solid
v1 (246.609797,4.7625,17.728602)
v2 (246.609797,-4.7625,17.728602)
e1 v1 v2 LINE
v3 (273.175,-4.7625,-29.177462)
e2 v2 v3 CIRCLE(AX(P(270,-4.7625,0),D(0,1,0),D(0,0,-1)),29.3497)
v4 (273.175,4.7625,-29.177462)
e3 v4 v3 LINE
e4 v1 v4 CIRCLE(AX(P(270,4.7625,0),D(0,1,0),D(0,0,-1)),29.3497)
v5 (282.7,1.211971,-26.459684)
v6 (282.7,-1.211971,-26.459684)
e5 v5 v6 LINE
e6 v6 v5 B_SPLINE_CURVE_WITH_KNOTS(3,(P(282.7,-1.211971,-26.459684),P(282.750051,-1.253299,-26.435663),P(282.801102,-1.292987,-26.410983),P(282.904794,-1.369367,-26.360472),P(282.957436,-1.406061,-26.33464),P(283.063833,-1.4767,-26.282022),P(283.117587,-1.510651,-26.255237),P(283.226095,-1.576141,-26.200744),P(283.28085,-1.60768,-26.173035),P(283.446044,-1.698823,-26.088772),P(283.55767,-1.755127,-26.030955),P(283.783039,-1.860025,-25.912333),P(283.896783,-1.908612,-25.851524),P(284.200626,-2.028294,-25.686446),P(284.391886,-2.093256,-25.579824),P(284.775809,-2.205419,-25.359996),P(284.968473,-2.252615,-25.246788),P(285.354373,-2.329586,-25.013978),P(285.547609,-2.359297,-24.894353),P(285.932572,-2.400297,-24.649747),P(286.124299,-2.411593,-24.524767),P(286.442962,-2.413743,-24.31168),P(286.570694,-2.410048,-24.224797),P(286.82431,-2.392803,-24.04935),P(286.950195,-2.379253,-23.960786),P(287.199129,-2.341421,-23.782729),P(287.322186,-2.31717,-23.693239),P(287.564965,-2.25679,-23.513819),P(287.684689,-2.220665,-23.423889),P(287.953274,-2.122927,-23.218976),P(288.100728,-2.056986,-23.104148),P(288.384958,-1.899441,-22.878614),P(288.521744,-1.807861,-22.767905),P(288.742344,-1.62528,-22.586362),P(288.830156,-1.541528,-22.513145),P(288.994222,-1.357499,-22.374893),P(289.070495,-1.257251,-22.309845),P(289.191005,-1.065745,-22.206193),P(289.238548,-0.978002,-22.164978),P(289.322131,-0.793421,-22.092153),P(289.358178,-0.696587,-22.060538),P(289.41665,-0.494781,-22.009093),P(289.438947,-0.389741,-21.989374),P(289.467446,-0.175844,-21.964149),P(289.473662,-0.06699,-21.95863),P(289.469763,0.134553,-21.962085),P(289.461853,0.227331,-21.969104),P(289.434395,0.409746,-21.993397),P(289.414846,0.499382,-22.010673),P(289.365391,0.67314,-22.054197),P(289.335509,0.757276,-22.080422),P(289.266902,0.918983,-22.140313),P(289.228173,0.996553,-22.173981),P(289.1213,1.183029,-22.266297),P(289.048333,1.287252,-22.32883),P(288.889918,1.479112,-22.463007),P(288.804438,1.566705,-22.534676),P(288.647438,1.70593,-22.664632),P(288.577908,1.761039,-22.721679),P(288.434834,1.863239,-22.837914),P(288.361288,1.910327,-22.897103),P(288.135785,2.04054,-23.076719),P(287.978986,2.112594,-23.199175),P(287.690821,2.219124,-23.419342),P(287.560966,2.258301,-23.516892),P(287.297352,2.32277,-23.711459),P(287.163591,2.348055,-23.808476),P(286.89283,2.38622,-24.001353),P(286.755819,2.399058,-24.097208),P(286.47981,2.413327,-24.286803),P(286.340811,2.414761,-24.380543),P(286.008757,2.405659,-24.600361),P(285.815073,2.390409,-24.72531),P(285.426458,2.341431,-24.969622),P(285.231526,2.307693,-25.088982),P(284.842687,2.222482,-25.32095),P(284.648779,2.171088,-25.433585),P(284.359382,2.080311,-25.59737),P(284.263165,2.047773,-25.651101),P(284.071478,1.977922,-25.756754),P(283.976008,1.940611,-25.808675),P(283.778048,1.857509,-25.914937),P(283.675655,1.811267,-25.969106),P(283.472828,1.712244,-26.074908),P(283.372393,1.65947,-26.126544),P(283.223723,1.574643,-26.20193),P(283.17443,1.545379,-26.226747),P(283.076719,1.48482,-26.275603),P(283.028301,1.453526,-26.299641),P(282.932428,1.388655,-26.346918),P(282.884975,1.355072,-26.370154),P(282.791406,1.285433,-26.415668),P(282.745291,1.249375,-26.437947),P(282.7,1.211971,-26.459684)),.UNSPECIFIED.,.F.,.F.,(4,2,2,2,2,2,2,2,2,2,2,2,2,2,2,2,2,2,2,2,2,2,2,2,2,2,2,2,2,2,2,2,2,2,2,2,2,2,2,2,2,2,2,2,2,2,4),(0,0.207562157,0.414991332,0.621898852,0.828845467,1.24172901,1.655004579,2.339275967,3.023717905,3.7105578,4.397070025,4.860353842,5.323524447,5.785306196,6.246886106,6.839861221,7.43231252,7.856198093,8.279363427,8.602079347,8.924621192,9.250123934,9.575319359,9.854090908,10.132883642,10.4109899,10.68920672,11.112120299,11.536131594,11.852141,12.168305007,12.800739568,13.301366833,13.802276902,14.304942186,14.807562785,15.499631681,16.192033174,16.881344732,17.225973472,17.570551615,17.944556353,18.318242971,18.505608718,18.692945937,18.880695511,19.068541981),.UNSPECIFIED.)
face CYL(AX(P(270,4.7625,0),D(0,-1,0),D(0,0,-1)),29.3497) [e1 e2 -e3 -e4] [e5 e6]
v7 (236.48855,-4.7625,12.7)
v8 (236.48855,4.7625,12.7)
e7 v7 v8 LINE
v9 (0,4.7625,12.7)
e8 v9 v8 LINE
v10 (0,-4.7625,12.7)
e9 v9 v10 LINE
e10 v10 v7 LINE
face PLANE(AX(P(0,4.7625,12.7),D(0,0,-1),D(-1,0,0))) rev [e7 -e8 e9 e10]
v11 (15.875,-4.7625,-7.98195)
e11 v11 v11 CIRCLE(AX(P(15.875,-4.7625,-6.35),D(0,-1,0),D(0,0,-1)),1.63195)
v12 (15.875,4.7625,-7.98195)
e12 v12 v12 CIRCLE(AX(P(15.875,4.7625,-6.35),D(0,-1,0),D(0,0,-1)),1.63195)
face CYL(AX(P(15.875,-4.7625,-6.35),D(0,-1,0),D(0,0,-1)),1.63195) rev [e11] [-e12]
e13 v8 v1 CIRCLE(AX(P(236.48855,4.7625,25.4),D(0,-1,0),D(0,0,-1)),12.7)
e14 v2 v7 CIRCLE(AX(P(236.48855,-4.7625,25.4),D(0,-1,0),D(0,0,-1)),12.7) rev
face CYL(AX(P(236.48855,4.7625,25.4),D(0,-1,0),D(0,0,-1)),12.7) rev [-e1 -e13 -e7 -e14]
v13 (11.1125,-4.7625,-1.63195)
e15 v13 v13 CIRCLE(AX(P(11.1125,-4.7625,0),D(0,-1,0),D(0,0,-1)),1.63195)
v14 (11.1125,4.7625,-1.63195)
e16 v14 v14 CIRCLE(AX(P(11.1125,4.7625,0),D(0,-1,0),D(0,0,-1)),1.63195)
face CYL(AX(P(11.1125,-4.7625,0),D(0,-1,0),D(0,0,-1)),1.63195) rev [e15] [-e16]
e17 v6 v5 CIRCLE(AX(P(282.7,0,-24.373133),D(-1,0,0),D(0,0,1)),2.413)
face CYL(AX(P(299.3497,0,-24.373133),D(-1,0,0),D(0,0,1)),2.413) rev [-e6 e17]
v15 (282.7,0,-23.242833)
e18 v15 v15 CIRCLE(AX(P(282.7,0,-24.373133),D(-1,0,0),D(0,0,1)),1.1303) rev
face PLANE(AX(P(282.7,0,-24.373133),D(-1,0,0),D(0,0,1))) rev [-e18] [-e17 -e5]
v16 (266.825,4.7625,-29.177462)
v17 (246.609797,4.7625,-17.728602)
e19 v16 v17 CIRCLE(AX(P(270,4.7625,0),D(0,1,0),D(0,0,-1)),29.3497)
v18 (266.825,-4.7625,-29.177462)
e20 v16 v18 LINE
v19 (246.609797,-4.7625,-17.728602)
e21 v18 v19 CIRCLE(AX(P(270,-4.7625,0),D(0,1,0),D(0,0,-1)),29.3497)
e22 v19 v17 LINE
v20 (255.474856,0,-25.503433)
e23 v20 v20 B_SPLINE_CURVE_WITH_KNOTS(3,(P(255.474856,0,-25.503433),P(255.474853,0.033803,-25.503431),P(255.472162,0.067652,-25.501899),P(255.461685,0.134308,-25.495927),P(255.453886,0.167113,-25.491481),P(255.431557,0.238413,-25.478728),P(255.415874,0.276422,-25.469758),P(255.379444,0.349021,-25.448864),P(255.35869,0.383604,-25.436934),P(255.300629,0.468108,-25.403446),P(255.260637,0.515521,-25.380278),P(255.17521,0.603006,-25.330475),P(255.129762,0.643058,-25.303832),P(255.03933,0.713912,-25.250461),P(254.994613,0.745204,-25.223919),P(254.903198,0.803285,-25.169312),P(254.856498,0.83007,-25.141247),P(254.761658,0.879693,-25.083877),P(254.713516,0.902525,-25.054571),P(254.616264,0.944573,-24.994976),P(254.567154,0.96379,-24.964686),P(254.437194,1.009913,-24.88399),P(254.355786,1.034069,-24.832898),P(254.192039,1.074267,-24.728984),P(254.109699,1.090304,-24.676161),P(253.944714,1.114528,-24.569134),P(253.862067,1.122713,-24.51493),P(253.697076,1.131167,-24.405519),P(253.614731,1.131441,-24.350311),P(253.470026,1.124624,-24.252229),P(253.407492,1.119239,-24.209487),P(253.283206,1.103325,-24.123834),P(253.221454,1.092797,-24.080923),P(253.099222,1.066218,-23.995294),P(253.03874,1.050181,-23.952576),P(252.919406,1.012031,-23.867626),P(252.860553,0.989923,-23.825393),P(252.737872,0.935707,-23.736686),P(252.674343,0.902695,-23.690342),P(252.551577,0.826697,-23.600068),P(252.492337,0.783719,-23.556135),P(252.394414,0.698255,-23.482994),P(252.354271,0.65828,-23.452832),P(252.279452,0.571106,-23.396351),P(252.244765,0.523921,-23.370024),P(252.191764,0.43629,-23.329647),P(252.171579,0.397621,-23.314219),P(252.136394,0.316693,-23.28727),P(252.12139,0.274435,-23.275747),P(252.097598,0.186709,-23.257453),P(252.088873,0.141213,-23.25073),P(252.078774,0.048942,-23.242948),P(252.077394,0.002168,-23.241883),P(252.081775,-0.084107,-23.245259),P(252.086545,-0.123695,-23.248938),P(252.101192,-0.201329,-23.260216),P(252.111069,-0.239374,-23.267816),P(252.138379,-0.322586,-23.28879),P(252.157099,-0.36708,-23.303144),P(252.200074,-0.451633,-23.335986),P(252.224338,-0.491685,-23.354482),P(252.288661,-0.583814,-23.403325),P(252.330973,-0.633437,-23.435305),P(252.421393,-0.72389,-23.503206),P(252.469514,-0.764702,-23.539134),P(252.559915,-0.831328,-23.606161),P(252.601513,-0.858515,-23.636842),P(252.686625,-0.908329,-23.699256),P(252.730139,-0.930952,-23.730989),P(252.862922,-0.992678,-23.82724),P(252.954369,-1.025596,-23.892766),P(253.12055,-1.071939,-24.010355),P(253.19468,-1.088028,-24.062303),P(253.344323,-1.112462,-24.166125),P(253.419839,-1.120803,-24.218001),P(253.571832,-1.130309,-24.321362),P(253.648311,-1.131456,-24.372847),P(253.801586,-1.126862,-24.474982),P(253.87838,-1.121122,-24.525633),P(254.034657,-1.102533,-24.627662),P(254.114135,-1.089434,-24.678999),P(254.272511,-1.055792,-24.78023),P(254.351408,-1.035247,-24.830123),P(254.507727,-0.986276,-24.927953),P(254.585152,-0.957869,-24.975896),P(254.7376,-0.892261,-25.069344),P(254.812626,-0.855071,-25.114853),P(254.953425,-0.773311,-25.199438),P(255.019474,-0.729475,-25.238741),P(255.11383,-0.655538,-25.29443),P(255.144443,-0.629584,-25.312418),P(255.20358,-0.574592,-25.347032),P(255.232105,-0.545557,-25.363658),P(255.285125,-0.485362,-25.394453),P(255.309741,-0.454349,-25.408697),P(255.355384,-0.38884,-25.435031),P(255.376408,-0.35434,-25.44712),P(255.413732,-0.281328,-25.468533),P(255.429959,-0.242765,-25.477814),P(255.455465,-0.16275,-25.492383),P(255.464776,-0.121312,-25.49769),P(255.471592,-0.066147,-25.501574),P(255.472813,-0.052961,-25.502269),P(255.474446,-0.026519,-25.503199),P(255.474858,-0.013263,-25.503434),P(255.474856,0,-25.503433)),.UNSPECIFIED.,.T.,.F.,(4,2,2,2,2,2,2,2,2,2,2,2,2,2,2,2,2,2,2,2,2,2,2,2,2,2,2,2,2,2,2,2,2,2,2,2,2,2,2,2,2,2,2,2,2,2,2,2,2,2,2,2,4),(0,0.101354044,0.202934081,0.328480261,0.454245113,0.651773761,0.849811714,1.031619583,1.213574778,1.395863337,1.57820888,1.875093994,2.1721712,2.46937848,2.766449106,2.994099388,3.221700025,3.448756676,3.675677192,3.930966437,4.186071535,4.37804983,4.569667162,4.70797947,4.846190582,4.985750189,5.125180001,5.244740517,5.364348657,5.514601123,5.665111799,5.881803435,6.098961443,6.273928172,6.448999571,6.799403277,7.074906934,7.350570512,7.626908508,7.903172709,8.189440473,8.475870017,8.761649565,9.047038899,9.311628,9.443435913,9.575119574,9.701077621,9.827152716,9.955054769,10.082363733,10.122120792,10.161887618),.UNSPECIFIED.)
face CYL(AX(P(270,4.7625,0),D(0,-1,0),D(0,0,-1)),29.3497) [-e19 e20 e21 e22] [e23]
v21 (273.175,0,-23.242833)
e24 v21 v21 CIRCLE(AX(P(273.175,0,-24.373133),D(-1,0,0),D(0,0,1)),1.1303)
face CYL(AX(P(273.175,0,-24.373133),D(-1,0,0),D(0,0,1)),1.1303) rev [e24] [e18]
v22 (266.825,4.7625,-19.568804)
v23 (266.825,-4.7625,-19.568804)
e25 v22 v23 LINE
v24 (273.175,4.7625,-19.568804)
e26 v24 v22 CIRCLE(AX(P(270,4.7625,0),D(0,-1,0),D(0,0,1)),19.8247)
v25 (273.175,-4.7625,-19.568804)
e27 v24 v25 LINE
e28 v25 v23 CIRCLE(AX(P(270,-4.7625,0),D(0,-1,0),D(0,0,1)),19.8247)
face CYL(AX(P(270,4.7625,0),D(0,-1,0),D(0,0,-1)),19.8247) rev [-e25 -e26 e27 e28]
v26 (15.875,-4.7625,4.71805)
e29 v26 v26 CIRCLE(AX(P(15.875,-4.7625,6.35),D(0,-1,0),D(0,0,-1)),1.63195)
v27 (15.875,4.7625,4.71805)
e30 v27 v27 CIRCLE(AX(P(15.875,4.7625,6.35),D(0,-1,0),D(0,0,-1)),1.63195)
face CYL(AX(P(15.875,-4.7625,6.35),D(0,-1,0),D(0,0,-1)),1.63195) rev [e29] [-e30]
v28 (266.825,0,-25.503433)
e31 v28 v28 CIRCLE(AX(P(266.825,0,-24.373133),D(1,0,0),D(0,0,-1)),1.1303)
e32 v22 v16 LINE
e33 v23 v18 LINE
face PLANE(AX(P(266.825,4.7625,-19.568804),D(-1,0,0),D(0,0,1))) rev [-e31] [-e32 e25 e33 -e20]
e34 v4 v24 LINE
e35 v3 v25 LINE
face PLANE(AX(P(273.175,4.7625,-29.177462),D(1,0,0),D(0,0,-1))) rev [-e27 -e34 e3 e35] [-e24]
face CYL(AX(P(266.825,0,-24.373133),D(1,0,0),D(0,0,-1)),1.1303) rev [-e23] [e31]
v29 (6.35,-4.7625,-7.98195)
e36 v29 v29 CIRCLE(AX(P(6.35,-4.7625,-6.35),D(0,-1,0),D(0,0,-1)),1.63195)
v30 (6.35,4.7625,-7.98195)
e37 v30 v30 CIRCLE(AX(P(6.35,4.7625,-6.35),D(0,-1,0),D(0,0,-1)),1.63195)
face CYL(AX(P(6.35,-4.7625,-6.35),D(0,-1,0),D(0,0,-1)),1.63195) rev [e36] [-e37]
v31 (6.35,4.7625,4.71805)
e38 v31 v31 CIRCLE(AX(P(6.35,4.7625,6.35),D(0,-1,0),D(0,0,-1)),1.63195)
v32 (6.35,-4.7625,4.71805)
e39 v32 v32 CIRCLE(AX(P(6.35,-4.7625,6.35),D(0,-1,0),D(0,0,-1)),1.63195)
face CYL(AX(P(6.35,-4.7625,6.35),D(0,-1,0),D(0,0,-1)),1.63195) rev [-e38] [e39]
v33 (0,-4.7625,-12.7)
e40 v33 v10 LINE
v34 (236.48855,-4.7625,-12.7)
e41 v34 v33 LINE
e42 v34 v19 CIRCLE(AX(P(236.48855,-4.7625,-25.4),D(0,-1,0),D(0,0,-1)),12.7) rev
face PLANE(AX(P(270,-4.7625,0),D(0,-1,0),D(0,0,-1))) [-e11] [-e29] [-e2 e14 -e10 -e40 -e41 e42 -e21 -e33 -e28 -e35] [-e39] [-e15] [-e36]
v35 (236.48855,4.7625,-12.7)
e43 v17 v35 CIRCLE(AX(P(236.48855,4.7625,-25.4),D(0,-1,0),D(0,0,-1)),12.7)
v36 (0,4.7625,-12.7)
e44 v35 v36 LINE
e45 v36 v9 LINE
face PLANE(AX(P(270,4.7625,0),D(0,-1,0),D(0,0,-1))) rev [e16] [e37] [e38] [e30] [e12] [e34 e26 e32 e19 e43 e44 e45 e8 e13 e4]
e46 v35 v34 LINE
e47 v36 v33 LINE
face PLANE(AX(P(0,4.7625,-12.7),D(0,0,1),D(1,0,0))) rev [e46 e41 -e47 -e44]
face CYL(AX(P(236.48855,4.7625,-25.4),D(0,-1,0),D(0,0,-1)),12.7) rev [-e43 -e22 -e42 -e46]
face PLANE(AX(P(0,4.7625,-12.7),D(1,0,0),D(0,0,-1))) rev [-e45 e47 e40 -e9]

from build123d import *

# Parameters (mm, degrees)
BOSS_EXTRUDE1_DEPTH   = 4.7625
SKETCH8_W             = 1.1303
SKETCH8_H             = 266.825
F_4_40_TAPPED_HOLE2_D = 2.2606
FILLET2_R             = 12.7
CUT_EXTRUDE1_START    = -9.525
SKETCH11_R            = 2.413
CUT_EXTRUDE1_DEPTH    = 17.6497001
F_4_CLEARANCE_HOLE1_D = 3.2639


with BuildPart() as part:
    # Sketch2 → Boss-Extrude1 (new body, symmetric)
    with BuildSketch(Plane(origin=(0, 0, 0), x_dir=(1, 0, 0), z_dir=(0, 1, 0))):
        with BuildLine():
            Line((266.825, 19.568804386), (266.825, 29.177461594))
            ThreePointArc((266.825, 29.177461594), (253.046230135, 23.957766537), (243.54031576, 12.7))
            Line((243.54031576, 12.7), (0, 12.7))
            Line((0, 12.7), (0, -12.7))
            Line((0, -12.7), (243.54031576, -12.7))
            ThreePointArc((243.54031576, -12.7), (293.957766537, -16.953769865), (273.175, 29.177461594))
            Line((273.175, 29.177461594), (273.175, 19.568804386))
            ThreePointArc((273.175, 19.568804386), (270, -19.8247), (266.825, 19.568804386))
        make_face()
    extrude(amount=BOSS_EXTRUDE1_DEPTH, both=True)

    # Sketch8 → #4-40 Tapped Hole1 (revolve, cut)
    with BuildSketch(Plane(origin=(266.825, 0, -24.37313299), x_dir=(0, 0, -1), z_dir=(0, 1, 0))):
        with Locations((0.56515, 133.4125)):
            Rectangle(SKETCH8_W, SKETCH8_H)
    revolve(axis=Axis((273.175, 0, -24.37313299), (-1, 0, 0)), mode=Mode.SUBTRACT)

    # #4-40 Tapped Hole2 (through all)
    with Locations(Plane.ZY.offset(-273.175)):
        with Locations((-24.37313299, 0)):
            Hole(F_4_40_TAPPED_HOLE2_D / 2)

    # Fillet2
    fillet2_edges = [part.edges().sort_by_distance(p)[0] for p in [
        (243.54031576, 0, -12.7),
        (243.54031576, 0, 12.7),
    ]]
    fillet(fillet2_edges, radius=FILLET2_R)

    # Sketch11 → Cut-Extrude1 (cut, through all)
    with BuildSketch(Plane.ZY.offset(-273.175).offset(CUT_EXTRUDE1_START)):
        with Locations((-24.37313299, 0)):
            Circle(SKETCH11_R)
    extrude(amount=-CUT_EXTRUDE1_DEPTH, mode=Mode.SUBTRACT)

    # #4 Clearance Hole1 (through all)
    with Locations(Plane(origin=(0, -4.7625, 0), x_dir=(-1, 0, 0), z_dir=(0, -1, 0))):
        with Locations((-6.35, -6.35), (-15.875, 6.35), (-15.875, -6.35), (-11.1125, 0), (-6.35, 6.35)):
            Hole(F_4_CLEARANCE_HOLE1_D / 2)


solid = part.part
